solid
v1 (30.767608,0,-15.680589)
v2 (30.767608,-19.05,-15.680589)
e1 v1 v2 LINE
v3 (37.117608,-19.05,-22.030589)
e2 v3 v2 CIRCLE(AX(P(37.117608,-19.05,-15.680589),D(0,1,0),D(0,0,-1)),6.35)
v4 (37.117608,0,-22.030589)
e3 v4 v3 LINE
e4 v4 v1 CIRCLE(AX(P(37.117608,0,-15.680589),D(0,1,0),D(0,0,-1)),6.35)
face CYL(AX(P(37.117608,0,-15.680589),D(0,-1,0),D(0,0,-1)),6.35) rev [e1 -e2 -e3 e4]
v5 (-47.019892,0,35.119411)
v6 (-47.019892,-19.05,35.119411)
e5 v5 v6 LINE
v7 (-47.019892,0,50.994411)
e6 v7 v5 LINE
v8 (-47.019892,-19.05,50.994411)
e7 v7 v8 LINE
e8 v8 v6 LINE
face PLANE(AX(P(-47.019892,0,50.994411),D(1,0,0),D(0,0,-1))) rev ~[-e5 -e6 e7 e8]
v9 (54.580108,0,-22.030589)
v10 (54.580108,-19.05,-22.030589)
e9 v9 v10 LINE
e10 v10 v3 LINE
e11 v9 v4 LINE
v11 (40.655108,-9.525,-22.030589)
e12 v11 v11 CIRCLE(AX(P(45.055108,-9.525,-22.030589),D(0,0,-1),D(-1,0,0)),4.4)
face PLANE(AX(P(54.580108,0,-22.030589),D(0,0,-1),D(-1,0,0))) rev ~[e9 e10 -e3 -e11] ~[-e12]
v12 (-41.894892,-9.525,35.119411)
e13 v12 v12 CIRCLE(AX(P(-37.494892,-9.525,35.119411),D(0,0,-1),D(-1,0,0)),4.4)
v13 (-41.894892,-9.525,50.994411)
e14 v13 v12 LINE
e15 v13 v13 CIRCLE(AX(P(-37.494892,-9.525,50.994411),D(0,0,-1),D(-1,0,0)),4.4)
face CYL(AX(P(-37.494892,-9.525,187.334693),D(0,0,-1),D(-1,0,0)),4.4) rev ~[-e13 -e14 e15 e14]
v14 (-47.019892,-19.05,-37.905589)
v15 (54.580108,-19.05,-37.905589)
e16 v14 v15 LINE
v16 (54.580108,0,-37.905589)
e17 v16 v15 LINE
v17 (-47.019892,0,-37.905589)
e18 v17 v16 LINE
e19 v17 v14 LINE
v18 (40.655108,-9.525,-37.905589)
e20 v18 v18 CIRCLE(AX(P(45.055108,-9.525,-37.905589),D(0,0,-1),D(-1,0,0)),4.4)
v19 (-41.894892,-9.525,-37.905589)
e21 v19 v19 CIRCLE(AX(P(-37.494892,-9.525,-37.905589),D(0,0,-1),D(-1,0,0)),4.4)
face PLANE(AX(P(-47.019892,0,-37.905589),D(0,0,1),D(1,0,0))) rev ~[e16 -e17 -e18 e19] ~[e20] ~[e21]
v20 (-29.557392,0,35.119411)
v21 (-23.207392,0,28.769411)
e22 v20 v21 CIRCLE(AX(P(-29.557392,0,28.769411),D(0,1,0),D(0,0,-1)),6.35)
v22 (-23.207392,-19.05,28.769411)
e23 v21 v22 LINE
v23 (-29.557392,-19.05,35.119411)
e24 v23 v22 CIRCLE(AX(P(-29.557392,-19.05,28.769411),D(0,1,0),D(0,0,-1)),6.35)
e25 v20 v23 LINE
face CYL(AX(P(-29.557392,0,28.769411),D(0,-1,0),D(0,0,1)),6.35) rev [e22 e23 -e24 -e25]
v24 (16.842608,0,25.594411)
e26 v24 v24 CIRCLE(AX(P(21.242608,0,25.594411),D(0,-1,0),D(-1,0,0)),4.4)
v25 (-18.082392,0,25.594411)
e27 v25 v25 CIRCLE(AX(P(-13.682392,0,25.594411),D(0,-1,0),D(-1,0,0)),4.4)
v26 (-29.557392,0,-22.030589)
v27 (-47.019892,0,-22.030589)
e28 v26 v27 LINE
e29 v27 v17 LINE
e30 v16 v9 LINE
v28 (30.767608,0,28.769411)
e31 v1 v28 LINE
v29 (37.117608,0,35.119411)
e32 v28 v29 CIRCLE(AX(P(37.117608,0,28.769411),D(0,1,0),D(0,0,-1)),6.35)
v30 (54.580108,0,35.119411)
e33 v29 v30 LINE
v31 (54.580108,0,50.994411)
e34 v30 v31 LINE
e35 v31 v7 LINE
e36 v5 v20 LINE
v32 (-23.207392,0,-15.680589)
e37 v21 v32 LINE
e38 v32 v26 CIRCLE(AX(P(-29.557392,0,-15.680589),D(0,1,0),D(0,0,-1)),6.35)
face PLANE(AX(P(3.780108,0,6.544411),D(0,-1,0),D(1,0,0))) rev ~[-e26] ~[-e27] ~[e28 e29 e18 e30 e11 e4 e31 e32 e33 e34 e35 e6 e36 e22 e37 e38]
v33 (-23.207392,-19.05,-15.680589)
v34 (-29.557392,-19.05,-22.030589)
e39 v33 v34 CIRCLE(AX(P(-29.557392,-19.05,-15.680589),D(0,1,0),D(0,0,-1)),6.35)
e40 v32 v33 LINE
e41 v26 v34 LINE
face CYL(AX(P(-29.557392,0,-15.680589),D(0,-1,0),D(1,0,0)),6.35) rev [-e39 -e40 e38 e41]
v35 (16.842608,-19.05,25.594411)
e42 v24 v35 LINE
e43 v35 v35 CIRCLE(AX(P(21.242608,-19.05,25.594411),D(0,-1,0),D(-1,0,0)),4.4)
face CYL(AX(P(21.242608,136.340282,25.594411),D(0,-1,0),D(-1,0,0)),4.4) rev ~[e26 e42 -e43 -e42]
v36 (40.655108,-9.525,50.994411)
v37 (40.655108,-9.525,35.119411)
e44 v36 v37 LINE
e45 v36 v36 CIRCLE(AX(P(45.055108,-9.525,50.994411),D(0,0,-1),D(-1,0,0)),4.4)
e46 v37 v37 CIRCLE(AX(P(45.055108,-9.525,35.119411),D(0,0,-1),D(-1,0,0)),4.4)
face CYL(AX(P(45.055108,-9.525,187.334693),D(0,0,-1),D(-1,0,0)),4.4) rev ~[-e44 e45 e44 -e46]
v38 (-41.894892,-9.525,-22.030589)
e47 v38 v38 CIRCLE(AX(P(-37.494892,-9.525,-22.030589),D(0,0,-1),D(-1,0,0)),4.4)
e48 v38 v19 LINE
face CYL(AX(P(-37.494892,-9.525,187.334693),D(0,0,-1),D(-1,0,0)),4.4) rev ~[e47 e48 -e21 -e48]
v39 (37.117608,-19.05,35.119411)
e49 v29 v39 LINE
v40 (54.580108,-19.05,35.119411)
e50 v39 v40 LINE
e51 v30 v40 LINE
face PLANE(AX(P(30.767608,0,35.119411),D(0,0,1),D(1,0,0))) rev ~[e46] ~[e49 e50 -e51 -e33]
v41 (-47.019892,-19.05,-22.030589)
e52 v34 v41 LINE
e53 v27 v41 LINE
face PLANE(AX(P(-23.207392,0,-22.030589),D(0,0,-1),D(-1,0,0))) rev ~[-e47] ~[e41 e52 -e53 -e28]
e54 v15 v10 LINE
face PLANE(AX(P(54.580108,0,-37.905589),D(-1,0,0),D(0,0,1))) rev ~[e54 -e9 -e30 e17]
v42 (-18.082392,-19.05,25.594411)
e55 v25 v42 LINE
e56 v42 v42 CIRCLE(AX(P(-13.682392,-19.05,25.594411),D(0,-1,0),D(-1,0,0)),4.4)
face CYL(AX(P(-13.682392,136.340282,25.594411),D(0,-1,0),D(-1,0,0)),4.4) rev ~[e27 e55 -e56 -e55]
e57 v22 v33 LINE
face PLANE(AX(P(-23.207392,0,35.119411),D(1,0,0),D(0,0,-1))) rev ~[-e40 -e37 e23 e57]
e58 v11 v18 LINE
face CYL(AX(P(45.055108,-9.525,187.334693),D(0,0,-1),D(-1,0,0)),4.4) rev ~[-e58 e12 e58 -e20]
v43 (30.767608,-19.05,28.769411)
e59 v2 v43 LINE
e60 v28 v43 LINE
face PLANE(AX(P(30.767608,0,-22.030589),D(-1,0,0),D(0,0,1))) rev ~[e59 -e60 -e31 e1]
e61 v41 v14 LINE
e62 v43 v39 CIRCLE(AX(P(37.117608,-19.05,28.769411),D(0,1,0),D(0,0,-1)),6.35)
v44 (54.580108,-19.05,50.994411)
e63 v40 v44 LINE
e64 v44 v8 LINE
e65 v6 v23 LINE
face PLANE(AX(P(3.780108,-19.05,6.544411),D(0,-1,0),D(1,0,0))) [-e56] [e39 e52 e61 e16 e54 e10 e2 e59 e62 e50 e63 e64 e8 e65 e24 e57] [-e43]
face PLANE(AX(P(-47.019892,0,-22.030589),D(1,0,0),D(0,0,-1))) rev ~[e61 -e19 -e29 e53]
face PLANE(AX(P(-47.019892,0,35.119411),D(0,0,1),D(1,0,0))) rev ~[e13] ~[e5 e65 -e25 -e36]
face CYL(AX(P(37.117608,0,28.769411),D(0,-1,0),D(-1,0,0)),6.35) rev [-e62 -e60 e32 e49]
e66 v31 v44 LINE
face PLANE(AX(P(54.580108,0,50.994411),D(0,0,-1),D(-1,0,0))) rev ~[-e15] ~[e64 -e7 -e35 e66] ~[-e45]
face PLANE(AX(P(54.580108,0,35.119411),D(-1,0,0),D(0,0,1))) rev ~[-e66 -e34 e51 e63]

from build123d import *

# Parameters (mm, degrees)
F1_DEPTH = 19.05
F2_R     = 6.35
F4_D     = 8.8
F5_D     = 8.8


with BuildPart() as f1:
    # F0 (on Front) → F1 (new body)
    with BuildSketch(Plane.XZ):
        Polygon((3.7801079915, 50.9944110171), (-47.0198920085, 50.9944110171), (-47.0198920085, 35.1194110171), (-23.2073920085, 35.1194110171), (-23.2073920085, 6.5444110171), (-23.2073920085, -22.0305889829), (-47.0198920085, -22.0305889829), (-47.0198920085, -37.9055889829), (54.5801079915, -37.9055889829), (54.5801079915, -22.0305889829), (30.7676079915, -22.0305889829), (30.7676079915, 6.5444110171), (30.7676079915, 35.1194110171), (54.5801079915, 35.1194110171), (54.5801079915, 50.9944110171), align=None)
    extrude(amount=F1_DEPTH)

    # F2
    f2_edges = [f1.edges().sort_by_distance(p)[0] for p in [
        (30.767608, -9.525, -22.030589),
        (30.767608, -9.525, 35.119411),
        (-23.207392, -9.525, -22.030589),
        (-23.207392, -9.525, 35.119411),
    ]]
    fillet(f2_edges, radius=F2_R)

    # F4 (through all)
    with Locations(Plane.XY.offset(50.9944110171)):
        with Locations((-37.4948920085, -9.525), (45.0551079915, -9.525)):
            Hole(F4_D / 2)

    # F5 (through all)
    with Locations(Plane(origin=(0, 0, 0), x_dir=(1, 0, 0), z_dir=(0, 1, 0))):
        with Locations((-13.6823920085, -25.5944110171), (21.2426079915, -25.5944110171)):
            Hole(F5_D / 2)


solid = f1.part
